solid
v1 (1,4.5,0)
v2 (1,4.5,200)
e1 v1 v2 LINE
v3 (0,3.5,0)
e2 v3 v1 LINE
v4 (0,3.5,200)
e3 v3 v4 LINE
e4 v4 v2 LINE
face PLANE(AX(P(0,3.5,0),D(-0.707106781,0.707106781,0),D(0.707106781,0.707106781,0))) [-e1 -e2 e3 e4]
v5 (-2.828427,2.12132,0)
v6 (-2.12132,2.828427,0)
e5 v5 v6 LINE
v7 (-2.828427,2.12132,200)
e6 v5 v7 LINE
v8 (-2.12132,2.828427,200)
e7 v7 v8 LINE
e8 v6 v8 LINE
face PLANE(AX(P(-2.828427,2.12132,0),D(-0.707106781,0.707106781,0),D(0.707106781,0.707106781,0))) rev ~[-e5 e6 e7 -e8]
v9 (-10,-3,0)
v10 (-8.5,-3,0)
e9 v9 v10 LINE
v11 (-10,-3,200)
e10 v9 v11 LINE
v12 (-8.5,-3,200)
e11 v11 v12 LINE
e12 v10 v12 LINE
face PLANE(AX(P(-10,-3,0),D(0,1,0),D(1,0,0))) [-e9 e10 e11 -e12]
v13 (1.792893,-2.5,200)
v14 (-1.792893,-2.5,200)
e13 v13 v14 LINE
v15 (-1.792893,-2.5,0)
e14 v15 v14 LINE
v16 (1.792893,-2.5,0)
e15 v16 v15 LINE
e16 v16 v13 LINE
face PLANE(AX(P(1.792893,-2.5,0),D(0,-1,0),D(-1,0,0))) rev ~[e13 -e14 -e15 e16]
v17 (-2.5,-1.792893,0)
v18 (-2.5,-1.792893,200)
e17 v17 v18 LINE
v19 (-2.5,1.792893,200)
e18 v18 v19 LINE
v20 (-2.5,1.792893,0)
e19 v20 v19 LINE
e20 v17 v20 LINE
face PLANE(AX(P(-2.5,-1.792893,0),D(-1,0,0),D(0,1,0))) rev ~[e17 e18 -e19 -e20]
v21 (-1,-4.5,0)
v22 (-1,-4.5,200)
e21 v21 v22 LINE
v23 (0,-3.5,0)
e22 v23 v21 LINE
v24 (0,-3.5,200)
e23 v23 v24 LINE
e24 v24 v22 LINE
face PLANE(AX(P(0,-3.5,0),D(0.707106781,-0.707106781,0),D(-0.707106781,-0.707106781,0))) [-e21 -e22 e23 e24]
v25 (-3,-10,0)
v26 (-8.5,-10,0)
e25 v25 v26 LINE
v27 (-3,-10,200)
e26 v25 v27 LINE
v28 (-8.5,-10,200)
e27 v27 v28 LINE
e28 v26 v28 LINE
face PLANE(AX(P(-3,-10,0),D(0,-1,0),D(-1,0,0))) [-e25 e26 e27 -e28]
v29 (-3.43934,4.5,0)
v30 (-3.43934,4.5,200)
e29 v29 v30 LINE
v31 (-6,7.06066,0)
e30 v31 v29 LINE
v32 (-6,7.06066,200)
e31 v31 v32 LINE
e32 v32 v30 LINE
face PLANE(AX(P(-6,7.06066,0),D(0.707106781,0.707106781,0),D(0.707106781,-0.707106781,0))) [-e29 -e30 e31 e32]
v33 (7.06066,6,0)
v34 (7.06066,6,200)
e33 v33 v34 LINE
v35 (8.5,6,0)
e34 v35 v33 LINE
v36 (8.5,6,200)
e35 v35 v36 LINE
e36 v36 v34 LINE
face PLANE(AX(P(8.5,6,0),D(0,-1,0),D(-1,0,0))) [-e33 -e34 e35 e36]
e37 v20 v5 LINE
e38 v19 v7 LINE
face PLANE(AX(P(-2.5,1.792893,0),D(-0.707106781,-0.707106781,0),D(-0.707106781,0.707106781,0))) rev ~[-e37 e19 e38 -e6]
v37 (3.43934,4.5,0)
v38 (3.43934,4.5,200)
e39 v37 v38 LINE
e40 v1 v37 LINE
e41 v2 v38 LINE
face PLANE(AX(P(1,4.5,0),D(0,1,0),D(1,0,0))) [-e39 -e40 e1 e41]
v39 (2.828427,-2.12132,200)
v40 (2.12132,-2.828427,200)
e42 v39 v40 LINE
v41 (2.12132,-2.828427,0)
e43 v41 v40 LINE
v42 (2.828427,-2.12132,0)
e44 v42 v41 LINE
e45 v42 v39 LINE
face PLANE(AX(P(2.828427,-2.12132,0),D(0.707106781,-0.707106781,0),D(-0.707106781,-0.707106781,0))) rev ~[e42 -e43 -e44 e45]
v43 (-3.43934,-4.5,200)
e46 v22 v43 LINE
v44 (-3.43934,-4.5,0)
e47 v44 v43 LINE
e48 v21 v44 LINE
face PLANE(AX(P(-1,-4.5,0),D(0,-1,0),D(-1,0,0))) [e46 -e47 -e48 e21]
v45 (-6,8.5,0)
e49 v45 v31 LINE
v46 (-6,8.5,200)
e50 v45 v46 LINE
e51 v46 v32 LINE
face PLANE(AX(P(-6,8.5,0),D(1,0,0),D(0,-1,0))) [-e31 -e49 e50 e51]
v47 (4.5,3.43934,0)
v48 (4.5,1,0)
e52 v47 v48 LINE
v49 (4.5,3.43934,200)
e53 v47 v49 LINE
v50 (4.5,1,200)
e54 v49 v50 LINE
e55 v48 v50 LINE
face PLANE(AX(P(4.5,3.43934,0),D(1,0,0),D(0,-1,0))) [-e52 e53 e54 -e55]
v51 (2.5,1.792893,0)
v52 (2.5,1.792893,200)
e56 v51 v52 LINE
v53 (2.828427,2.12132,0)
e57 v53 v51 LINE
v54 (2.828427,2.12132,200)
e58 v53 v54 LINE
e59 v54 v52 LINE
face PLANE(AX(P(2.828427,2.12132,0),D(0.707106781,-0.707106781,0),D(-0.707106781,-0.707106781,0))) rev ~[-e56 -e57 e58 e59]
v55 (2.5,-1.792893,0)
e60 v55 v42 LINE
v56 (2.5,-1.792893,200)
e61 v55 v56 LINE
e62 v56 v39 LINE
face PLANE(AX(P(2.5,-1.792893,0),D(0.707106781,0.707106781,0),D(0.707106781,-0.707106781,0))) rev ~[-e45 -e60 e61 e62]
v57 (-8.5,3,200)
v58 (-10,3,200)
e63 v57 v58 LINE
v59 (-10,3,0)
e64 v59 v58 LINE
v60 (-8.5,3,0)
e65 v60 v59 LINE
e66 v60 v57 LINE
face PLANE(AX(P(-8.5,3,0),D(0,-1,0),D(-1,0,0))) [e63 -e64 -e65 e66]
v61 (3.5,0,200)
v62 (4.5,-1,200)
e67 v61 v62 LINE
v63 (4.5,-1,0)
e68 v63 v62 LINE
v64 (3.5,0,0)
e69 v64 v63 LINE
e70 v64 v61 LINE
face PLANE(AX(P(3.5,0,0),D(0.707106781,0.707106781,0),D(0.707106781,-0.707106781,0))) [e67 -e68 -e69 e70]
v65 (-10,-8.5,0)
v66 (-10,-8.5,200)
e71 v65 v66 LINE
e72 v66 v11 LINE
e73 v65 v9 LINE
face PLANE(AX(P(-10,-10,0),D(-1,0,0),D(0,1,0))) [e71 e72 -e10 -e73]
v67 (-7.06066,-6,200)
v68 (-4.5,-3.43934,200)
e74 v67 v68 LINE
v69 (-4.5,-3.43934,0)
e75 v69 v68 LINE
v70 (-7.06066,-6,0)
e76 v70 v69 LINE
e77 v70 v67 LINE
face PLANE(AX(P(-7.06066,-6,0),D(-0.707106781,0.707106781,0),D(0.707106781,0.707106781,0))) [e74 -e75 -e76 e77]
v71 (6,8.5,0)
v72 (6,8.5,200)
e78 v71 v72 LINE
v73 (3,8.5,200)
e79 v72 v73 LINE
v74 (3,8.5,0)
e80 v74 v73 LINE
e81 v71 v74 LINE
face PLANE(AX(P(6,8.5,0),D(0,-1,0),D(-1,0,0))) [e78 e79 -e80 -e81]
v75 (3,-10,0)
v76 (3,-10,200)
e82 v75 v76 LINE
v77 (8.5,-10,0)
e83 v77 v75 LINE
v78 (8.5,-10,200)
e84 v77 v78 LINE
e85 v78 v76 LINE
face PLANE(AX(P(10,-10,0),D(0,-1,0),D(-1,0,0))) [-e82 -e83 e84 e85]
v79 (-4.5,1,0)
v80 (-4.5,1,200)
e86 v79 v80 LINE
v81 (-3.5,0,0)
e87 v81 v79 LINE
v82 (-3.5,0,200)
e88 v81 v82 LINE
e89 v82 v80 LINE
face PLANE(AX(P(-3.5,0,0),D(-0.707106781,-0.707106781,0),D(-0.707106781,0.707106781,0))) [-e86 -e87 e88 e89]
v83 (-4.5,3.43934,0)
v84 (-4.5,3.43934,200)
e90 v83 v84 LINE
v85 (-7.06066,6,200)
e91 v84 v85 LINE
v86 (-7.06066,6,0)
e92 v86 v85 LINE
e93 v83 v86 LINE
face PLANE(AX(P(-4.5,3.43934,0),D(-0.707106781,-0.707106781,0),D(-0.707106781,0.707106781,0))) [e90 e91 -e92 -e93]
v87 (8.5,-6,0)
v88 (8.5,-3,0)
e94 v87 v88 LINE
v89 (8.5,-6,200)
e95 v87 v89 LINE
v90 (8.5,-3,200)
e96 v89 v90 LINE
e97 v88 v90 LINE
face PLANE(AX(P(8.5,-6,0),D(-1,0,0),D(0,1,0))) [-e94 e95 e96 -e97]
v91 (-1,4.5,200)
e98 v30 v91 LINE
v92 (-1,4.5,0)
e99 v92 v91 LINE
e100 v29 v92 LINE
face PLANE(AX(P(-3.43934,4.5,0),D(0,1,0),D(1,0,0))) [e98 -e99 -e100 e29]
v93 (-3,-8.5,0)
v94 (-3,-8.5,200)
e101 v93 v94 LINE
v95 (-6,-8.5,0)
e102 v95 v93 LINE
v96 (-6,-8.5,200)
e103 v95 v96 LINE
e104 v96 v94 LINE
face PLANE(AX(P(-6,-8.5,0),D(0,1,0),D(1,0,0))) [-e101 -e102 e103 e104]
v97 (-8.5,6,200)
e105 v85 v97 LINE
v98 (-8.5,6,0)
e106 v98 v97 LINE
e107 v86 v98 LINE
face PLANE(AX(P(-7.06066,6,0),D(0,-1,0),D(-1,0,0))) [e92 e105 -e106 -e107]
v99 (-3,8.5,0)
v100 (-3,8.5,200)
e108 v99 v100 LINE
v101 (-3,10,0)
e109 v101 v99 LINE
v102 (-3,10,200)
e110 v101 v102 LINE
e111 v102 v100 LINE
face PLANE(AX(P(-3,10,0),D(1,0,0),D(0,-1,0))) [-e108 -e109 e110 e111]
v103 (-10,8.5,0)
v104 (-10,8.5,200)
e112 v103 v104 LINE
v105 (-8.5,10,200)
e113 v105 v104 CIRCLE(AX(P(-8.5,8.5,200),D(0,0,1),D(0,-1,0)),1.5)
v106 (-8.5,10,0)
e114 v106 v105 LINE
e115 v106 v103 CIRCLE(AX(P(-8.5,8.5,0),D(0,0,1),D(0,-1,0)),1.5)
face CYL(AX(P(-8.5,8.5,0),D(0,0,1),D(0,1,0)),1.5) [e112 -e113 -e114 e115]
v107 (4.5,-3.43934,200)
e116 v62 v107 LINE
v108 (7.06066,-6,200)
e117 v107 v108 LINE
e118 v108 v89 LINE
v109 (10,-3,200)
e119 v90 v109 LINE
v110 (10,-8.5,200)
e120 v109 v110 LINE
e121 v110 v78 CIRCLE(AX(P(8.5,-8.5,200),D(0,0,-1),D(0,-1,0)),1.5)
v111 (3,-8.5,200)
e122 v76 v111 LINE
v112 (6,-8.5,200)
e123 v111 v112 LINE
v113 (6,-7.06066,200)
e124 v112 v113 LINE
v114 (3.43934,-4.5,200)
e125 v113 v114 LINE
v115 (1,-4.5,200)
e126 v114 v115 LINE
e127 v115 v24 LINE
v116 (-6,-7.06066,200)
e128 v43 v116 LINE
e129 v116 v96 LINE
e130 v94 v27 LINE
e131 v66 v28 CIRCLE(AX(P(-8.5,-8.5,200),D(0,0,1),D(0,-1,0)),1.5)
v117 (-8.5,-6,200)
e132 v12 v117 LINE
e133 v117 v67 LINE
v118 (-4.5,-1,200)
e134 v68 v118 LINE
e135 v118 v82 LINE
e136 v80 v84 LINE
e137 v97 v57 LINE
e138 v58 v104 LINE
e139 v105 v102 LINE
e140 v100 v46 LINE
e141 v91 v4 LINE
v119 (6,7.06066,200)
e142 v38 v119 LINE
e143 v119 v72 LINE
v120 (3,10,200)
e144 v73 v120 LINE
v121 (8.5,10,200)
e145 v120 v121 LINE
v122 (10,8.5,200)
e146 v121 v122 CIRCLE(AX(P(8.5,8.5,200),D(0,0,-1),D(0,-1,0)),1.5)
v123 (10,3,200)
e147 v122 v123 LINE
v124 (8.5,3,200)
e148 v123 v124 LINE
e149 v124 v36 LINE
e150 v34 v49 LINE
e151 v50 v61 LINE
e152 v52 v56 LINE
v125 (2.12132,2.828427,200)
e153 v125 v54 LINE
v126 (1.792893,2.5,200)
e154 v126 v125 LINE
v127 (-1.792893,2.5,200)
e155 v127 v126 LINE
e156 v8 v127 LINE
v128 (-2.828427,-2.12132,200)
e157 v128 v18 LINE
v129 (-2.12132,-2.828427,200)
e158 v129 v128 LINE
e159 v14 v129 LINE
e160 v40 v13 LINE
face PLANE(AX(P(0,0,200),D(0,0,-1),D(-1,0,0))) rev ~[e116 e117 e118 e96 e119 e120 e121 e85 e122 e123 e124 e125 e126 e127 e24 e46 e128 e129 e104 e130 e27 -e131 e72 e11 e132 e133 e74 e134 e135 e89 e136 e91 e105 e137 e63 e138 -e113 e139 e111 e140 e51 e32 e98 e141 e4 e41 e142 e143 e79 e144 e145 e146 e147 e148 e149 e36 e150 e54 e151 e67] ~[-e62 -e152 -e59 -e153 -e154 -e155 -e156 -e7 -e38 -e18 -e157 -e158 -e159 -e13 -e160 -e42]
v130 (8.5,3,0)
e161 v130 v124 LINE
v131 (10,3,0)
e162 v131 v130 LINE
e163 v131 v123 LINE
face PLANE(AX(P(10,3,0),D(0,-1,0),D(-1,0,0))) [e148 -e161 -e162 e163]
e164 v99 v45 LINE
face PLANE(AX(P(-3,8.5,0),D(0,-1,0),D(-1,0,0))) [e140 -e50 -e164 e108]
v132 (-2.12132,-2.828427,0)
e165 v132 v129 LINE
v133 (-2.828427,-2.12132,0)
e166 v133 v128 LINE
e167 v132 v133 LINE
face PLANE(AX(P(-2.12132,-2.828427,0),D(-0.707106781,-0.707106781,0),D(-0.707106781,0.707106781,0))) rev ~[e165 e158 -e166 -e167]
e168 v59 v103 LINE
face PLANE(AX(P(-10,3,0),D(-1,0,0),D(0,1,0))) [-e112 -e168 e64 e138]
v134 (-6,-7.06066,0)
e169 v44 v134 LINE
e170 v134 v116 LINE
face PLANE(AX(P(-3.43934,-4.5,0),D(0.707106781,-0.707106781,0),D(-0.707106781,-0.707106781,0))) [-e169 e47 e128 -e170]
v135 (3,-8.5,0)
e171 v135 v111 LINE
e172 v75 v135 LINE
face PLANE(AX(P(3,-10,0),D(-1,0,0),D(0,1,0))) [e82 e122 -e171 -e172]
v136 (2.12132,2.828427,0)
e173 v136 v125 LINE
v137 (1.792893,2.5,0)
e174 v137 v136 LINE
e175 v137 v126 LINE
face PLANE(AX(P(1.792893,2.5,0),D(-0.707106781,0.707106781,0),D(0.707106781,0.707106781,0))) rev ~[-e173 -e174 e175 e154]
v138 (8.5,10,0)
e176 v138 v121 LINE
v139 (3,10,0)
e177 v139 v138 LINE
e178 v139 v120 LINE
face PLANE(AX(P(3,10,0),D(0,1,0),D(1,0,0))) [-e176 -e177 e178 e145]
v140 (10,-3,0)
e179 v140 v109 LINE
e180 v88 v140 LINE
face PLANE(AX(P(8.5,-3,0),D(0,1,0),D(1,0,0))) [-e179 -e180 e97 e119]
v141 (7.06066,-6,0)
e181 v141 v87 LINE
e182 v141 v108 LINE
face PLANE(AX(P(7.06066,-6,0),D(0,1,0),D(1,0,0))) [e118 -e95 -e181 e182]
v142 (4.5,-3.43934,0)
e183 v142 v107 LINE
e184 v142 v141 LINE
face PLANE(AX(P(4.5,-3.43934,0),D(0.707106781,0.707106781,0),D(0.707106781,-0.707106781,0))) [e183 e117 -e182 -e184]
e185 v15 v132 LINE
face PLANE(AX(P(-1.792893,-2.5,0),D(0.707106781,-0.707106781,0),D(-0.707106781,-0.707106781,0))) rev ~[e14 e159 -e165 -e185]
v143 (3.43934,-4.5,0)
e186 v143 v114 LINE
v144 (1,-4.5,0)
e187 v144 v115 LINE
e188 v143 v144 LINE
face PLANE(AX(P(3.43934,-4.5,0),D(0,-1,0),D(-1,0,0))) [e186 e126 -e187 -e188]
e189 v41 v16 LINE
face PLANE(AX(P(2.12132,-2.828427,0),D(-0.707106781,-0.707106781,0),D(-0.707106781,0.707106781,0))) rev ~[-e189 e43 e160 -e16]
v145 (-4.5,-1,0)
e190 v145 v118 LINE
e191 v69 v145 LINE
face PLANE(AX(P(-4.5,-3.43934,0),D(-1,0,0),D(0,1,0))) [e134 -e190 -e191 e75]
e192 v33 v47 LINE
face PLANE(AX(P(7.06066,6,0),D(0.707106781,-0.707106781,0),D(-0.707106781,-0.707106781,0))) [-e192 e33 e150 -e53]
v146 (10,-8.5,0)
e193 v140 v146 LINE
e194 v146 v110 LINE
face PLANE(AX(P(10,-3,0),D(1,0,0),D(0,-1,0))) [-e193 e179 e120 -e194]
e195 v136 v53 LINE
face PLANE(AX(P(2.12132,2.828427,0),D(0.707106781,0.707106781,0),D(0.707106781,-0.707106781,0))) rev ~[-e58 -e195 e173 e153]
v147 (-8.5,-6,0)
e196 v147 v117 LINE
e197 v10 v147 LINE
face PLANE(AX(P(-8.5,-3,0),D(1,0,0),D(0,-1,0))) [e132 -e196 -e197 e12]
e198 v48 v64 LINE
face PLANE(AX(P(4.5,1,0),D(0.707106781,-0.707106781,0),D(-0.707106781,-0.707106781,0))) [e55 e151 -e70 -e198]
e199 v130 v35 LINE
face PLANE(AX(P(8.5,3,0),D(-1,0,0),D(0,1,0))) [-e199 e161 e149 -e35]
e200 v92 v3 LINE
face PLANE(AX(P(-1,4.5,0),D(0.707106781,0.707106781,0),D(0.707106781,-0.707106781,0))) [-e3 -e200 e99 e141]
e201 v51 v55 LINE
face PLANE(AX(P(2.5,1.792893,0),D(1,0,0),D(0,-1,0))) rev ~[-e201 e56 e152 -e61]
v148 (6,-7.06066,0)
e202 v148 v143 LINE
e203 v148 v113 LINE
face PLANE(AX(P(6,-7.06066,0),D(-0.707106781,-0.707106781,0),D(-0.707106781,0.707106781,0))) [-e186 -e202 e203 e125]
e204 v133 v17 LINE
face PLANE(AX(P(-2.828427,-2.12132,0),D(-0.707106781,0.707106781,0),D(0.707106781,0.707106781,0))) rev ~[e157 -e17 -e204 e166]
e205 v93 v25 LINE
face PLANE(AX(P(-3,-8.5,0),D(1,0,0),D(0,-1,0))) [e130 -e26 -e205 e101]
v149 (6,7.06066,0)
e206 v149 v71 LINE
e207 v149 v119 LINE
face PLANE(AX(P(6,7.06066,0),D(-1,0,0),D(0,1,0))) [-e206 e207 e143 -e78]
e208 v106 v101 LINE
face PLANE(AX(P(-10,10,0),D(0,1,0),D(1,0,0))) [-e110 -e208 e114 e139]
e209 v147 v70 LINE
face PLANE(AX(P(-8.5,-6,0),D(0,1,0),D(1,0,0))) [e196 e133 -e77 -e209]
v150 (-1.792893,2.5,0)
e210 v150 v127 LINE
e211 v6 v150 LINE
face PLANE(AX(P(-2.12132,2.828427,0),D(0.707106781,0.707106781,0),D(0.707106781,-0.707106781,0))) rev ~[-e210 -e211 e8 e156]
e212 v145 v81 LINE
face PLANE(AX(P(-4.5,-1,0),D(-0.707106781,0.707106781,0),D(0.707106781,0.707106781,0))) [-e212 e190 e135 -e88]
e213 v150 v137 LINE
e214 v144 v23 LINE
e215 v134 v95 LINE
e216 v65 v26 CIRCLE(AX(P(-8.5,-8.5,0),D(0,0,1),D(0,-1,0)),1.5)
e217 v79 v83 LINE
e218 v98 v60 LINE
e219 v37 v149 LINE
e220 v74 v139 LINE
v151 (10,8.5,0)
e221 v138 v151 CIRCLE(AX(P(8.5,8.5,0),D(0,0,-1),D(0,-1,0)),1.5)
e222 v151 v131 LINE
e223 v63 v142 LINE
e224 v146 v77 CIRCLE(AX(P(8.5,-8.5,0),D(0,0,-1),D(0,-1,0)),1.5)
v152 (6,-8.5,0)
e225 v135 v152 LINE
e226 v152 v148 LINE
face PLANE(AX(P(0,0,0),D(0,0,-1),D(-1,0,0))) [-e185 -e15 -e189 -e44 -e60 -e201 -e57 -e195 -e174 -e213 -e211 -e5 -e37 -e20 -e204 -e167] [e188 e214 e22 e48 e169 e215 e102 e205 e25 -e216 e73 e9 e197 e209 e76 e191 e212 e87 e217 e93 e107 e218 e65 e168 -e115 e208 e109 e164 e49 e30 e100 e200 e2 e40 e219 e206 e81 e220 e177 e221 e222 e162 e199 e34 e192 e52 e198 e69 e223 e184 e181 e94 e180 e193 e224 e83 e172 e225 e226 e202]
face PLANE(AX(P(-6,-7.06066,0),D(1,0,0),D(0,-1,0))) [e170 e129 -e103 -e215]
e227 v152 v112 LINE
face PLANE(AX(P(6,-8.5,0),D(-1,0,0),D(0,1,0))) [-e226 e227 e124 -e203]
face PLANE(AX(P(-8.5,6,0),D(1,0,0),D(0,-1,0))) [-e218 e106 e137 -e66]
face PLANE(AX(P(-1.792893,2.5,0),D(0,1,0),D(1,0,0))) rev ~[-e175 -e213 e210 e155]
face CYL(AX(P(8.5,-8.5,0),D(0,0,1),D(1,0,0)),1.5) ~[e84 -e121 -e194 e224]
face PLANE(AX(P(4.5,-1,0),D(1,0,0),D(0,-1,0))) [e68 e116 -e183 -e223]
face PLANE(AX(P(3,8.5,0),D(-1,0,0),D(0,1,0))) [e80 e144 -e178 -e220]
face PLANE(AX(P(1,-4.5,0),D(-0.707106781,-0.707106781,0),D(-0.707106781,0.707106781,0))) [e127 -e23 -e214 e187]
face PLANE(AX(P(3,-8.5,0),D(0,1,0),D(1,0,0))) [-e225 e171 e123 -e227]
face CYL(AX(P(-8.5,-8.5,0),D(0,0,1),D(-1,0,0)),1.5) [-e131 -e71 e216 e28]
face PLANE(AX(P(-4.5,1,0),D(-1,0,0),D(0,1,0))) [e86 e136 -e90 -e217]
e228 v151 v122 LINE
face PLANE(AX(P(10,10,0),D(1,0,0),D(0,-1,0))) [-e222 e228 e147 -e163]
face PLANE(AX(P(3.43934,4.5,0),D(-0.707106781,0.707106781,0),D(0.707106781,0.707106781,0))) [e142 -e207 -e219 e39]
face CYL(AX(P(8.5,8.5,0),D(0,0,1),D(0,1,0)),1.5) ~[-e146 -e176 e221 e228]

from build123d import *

# Parameters (mm, degrees)
BOSS_EXTRUDE1_DEPTH = 200
FILLET1_R           = 1.5


with BuildPart() as part:
    # Sketch1 → Boss-Extrude1 (new body)
    with BuildSketch(Plane.XY):
        Polygon((0, 3.5), (1, 4.5), (3.439339828, 4.5), (6, 7.060660172), (6, 8.5), (3, 8.5), (3, 10), (10, 10), (10, 3), (8.5, 3), (8.5, 6), (7.060660172, 6), (4.5, 3.439339828), (4.5, 1), (3.5, 0), (4.5, -1), (4.5, -3.439339828), (7.060660172, -6), (8.5, -6), (8.5, -3), (10, -3), (10, -10), (3, -10), (3, -8.5), (6, -8.5), (6, -7.060660172), (3.439339828, -4.5), (1, -4.5), (0, -3.5), (-1, -4.5), (-3.439339828, -4.5), (-6, -7.060660172), (-6, -8.5), (-3, -8.5), (-3, -10), (-10, -10), (-10, -3), (-8.5, -3), (-8.5, -6), (-7.060660172, -6), (-4.5, -3.439339828), (-4.5, -1), (-3.5, 0), (-4.5, 1), (-4.5, 3.439339828), (-7.060660172, 6), (-8.5, 6), (-8.5, 3), (-10, 3), (-10, 10), (-3, 10), (-3, 8.5), (-6, 8.5), (-6, 7.060660172), (-3.439339828, 4.5), (-1, 4.5), align=None)
        Polygon((-1.792893219, 2.5), (1.792893219, 2.5), (2.121320344, 2.828427125), (2.828427125, 2.121320344), (2.5, 1.792893219), (2.5, -1.792893219), (2.828427125, -2.121320344), (2.121320344, -2.828427125), (1.792893219, -2.5), (-1.792893219, -2.5), (-2.121320344, -2.828427125), (-2.828427125, -2.121320344), (-2.5, -1.792893219), (-2.5, 1.792893219), (-2.828427125, 2.121320344), (-2.121320344, 2.828427125), align=None, mode=Mode.SUBTRACT)
    extrude(amount=BOSS_EXTRUDE1_DEPTH)

    # Fillet1
    fillet1_edges = [part.edges().sort_by_distance(p)[0] for p in [
        (10, 10, 100),
        (10, -10, 100),
        (-10, -10, 100),
        (-10, 10, 100),
    ]]
    fillet(fillet1_edges, radius=FILLET1_R)


solid = part.part
